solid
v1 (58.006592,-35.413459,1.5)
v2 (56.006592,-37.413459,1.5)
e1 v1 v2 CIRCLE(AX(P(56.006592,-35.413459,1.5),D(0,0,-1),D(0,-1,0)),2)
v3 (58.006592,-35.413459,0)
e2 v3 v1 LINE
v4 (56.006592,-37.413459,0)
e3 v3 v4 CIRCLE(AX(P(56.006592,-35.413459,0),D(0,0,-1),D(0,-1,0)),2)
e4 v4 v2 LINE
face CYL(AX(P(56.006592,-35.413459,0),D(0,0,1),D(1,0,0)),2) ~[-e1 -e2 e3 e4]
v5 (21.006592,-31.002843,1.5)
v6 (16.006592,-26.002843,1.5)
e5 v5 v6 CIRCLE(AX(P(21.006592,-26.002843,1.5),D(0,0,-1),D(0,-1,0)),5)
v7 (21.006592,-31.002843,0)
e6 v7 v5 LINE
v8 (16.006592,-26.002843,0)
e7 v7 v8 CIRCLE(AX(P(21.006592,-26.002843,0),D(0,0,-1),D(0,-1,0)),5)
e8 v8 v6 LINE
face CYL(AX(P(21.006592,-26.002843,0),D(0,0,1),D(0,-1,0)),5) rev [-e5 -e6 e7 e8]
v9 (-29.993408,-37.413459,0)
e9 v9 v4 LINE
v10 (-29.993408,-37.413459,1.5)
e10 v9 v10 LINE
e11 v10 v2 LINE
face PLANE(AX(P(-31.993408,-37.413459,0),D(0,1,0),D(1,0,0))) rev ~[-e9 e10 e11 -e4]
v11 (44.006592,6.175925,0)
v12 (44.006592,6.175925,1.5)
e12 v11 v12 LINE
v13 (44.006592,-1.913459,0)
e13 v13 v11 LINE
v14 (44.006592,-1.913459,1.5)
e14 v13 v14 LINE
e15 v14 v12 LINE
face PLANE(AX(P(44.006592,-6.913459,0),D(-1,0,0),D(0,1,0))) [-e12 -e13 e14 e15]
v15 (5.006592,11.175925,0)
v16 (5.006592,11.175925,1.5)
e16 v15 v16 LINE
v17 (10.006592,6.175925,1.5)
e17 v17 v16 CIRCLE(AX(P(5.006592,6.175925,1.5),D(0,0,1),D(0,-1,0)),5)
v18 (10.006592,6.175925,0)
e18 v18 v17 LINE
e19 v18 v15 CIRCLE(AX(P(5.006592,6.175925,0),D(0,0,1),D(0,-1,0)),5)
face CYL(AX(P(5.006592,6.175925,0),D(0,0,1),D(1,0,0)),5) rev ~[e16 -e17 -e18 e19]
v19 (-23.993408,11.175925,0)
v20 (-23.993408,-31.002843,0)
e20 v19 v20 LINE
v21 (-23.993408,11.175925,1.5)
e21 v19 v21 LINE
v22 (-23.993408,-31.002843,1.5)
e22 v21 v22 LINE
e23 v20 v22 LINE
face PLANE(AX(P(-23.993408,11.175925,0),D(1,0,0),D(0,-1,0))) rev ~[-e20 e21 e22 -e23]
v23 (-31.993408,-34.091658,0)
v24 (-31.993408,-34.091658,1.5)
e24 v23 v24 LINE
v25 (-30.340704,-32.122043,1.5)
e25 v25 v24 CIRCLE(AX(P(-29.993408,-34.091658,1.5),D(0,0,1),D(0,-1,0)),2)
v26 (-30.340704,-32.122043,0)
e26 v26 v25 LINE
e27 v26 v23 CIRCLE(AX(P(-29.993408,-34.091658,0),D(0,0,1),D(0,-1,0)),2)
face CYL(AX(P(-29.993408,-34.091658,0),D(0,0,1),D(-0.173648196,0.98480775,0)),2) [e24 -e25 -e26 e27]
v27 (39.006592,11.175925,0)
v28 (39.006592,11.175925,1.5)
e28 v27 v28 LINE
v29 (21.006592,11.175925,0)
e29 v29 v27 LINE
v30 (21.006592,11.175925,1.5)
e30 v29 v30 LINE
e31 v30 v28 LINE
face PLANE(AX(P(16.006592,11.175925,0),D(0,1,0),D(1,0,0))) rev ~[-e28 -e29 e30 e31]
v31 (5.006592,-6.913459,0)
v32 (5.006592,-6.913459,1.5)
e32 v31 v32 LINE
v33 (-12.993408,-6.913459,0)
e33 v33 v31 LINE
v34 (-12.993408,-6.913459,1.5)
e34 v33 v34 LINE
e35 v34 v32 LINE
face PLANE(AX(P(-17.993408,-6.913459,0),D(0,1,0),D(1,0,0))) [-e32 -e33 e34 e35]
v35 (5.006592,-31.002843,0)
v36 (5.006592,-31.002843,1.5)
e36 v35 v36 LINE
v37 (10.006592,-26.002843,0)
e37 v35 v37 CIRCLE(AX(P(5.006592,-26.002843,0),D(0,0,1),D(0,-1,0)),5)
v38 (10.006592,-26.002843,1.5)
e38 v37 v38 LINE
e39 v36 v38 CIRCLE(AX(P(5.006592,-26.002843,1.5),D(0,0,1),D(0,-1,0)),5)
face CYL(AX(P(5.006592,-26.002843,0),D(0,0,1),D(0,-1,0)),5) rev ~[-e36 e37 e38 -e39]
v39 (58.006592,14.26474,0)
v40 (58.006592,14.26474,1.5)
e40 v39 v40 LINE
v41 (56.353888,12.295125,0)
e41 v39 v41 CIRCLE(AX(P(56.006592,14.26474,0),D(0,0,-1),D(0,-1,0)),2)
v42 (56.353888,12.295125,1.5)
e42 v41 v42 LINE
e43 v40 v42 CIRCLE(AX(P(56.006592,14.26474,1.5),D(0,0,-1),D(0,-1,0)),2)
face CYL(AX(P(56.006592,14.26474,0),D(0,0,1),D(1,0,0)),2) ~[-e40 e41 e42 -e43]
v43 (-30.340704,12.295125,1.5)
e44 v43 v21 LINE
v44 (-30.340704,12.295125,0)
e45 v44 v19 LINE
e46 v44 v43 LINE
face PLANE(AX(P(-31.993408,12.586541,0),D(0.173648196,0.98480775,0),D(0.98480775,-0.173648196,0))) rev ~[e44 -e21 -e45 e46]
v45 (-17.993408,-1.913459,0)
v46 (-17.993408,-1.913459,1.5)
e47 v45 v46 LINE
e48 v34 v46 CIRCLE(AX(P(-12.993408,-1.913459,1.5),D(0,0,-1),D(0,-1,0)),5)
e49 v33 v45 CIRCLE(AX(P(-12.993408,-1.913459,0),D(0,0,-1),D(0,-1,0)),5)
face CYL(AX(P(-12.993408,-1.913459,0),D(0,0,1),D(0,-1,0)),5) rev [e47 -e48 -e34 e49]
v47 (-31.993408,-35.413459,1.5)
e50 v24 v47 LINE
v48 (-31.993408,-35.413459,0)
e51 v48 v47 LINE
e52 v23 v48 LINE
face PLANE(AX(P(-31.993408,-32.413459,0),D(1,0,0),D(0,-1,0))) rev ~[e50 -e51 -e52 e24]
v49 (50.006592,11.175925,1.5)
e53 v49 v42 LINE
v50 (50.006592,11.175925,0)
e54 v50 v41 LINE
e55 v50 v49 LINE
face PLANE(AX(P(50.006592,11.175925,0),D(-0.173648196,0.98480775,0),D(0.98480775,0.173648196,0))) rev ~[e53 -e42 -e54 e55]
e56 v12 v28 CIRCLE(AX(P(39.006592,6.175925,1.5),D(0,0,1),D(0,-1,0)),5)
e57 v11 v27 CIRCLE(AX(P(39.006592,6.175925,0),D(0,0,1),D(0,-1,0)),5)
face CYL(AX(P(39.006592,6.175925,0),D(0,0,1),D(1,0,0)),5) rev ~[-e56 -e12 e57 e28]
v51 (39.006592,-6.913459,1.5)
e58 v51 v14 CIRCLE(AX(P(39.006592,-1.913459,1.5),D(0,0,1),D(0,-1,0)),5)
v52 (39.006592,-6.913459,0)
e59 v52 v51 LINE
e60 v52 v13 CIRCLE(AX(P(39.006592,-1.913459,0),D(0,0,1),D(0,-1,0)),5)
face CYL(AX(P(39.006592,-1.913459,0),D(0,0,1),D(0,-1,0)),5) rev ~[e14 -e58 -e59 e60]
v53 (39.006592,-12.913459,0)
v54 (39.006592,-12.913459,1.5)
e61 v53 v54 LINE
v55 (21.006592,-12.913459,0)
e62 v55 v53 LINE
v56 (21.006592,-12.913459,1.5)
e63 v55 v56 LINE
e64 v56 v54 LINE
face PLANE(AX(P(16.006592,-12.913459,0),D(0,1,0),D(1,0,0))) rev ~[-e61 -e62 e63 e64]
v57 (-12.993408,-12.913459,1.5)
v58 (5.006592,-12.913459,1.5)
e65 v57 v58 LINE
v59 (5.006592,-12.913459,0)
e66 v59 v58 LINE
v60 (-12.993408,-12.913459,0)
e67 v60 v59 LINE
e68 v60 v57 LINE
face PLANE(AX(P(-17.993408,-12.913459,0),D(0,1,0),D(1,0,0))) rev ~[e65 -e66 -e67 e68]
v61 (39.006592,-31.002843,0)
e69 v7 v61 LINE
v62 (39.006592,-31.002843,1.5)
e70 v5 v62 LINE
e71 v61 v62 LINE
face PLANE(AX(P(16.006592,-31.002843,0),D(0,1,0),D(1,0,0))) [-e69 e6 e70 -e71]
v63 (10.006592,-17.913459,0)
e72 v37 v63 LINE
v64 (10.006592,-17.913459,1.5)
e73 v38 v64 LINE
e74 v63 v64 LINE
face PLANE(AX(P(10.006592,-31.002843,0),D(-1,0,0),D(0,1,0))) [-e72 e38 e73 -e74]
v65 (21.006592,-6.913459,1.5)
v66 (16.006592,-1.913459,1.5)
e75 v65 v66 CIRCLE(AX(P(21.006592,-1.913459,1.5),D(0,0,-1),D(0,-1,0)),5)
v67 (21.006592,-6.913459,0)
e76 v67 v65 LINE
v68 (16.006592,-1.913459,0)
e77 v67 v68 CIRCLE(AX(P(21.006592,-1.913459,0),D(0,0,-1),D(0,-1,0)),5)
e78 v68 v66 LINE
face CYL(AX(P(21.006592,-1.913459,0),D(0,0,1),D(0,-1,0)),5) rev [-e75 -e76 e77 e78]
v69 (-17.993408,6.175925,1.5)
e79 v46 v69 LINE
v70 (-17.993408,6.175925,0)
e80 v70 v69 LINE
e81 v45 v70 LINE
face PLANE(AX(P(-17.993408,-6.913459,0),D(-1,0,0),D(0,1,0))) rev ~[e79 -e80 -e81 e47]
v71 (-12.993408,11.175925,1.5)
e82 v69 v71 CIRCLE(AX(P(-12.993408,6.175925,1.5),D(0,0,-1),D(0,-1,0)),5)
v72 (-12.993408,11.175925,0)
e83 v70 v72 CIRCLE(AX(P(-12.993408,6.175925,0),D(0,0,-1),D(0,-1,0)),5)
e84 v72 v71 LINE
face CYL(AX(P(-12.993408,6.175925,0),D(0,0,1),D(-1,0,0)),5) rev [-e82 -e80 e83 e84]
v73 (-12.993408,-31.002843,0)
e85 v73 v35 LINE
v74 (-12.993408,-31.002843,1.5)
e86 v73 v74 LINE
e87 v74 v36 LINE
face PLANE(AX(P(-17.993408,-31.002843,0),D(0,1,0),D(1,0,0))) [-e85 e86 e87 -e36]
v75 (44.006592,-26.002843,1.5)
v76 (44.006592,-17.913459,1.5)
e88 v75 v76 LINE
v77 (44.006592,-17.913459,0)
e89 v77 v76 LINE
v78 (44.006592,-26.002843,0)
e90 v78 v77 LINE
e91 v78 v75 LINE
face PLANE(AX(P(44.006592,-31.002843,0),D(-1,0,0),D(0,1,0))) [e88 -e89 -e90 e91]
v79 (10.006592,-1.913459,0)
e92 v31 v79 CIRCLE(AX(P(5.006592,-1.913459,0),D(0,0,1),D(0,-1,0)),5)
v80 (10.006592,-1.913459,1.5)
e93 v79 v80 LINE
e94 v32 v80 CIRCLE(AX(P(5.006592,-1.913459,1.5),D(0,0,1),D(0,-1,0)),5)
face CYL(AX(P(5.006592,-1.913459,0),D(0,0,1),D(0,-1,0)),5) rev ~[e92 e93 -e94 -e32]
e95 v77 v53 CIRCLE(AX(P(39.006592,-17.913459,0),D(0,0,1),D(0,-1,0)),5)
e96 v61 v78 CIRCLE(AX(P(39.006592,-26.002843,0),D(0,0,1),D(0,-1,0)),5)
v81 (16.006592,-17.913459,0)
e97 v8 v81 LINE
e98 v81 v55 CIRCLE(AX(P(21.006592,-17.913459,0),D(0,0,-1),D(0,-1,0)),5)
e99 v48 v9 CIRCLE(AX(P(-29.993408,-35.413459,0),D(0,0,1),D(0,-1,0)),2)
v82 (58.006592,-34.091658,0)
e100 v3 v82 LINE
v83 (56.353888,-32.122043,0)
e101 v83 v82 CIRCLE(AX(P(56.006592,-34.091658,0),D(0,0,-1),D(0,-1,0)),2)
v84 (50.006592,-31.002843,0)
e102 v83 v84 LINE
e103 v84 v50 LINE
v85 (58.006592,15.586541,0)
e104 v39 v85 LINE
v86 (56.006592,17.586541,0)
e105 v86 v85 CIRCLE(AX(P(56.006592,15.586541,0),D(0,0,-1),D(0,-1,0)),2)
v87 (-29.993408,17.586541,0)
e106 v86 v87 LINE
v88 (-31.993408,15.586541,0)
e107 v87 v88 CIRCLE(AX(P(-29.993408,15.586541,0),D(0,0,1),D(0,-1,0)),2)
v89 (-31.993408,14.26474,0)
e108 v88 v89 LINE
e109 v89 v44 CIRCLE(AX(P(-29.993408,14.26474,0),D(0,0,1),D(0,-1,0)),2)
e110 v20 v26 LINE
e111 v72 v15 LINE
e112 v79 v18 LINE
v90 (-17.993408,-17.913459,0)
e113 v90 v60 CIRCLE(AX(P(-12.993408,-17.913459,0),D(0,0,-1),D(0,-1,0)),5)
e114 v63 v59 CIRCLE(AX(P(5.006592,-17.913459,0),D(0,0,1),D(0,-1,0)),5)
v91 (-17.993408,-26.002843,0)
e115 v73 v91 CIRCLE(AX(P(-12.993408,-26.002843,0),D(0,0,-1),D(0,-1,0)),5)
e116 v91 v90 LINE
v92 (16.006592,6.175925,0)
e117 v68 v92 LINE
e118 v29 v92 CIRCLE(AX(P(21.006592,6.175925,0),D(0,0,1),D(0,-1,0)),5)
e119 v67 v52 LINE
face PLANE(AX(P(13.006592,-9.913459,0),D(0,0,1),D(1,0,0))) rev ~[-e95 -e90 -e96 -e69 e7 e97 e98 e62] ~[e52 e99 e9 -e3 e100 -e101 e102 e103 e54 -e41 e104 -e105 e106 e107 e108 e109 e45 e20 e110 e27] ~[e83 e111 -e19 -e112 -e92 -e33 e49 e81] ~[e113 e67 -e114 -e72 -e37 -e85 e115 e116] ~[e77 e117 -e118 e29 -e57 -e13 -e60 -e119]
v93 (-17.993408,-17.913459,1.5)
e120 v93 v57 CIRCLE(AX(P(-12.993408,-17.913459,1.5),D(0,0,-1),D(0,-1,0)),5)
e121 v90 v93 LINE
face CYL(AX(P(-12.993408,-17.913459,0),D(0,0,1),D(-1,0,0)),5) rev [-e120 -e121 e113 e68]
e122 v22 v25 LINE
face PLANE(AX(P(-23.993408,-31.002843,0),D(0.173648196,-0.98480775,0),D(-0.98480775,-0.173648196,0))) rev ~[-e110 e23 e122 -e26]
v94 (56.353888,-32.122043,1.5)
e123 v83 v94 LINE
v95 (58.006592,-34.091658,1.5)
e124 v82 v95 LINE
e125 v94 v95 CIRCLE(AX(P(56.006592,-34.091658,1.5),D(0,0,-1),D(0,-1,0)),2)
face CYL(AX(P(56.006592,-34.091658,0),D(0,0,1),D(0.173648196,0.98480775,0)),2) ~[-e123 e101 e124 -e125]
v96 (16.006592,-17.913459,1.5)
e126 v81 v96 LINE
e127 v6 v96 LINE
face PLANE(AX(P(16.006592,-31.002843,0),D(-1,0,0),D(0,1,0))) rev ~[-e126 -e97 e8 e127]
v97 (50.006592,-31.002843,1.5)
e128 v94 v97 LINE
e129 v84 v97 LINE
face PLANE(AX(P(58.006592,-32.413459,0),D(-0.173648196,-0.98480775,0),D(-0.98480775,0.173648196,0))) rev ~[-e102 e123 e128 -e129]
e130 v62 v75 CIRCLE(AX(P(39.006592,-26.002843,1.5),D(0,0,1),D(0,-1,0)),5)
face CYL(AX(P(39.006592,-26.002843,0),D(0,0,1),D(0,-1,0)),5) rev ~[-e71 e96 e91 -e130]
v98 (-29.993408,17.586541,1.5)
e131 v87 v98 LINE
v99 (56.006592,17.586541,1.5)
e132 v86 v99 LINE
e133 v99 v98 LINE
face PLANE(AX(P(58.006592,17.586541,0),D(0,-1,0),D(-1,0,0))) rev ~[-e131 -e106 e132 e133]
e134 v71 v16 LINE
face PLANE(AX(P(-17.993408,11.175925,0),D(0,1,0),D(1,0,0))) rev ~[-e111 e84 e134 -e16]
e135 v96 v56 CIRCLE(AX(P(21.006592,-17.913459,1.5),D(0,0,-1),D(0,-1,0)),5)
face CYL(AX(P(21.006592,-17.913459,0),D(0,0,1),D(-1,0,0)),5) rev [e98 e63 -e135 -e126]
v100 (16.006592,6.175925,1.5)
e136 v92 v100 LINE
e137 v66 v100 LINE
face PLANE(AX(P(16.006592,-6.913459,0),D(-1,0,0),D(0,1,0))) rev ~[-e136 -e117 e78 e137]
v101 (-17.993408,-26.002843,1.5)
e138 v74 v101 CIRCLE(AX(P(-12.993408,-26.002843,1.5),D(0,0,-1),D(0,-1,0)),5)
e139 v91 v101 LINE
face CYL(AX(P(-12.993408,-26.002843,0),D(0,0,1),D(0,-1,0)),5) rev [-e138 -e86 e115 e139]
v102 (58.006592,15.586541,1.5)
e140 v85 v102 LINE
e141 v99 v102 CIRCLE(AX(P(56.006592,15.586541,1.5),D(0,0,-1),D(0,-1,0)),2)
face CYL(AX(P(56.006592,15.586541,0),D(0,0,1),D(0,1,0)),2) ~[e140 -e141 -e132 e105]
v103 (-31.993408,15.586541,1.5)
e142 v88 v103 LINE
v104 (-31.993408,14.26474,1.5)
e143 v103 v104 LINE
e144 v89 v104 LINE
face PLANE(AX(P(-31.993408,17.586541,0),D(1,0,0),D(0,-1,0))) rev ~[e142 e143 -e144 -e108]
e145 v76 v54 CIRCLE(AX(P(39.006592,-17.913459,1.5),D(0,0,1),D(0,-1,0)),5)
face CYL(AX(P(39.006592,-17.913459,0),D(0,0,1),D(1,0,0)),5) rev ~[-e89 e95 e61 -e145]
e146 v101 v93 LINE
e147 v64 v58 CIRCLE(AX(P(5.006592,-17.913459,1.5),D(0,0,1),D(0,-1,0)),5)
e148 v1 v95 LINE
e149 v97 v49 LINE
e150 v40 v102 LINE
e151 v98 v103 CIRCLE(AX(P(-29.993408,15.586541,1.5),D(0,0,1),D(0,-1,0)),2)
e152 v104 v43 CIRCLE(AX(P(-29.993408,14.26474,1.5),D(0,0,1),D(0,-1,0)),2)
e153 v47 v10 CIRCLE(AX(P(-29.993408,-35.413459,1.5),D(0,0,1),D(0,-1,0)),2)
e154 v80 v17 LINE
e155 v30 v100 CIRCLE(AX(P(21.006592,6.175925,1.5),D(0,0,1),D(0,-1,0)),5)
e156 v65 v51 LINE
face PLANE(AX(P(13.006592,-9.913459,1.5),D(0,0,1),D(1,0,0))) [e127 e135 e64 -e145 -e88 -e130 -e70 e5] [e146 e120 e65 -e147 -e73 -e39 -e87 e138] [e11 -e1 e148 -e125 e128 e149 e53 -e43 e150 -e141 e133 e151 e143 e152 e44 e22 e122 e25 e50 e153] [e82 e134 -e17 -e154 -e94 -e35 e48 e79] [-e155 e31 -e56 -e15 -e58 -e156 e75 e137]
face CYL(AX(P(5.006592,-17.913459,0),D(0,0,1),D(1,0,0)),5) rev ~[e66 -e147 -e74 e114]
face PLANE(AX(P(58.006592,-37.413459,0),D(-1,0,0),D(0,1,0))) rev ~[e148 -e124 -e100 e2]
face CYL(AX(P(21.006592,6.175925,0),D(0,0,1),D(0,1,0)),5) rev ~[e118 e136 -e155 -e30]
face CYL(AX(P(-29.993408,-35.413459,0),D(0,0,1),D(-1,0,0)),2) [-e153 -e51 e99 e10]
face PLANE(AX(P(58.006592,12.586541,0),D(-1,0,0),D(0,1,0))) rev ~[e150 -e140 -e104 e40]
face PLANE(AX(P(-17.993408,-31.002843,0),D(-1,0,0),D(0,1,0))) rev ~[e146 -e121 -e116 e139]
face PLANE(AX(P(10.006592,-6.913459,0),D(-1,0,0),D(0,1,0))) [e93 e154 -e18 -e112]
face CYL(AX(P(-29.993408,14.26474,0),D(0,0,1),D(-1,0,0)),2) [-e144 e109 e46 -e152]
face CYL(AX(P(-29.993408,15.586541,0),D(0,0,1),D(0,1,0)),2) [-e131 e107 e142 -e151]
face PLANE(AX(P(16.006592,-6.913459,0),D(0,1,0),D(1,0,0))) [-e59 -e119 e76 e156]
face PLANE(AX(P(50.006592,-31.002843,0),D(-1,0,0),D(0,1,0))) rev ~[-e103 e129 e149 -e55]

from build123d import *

# Parameters (mm, degrees)
F0_W     = 28
F0_H     = 18.089384
F1_DEPTH = 1.5
F2_R     = 5
F3_R     = 2


with BuildPart() as f1:
    # F0 (on Top) → F1 (new body)
    with BuildSketch(Plane.XY):
        Polygon((58.006592, 17.586541), (-31.993408, 17.586541), (-31.993408, 12.586541), (-23.993408, 11.175925), (-23.993408, -9.913459), (-23.993408, -31.002843), (-31.993408, -32.413459), (-31.993408, -37.413459), (58.006592, -37.413459), (58.006592, -32.413459), (50.006592, -31.002843), (50.006592, -9.913459), (50.006592, 11.175925), (58.006592, 12.586541), align=None)
        with Locations((-3.993408, -21.958151)):
            Rectangle(F0_W, F0_H, mode=Mode.SUBTRACT)
        with Locations((30.006592, -21.958151)):
            Rectangle(F0_W, F0_H, mode=Mode.SUBTRACT)
        with Locations((-3.993408, 2.131233)):
            Rectangle(F0_W, F0_H, mode=Mode.SUBTRACT)
        with Locations((30.006592, 2.131233)):
            Rectangle(F0_W, F0_H, mode=Mode.SUBTRACT)
    extrude(amount=F1_DEPTH)

    # F2
    f2_edges = [f1.edges().sort_by_distance(p)[0] for p in [
        (44.006592, 11.175925, 0.75),
        (10.006592, 11.175925, 0.75),
        (44.006592, -12.913459, 0.75),
        (10.006592, -12.913459, 0.75),
        (16.006592, 11.175925, 0.75),
        (-17.993408, 11.175925, 0.75),
        (-17.993408, -12.913459, 0.75),
        (16.006592, -12.913459, 0.75),
        (16.006592, -6.913459, 0.75),
        (-17.993408, -6.913459, 0.75),
        (-17.993408, -31.002843, 0.75),
        (16.006592, -31.002843, 0.75),
        (44.006592, -6.913459, 0.75),
        (10.006592, -6.913459, 0.75),
        (44.006592, -31.002843, 0.75),
        (10.006592, -31.002843, 0.75),
    ]]
    fillet(f2_edges, radius=F2_R)

    # F3
    f3_edges = [f1.edges().sort_by_distance(p)[0] for p in [
        (-31.993408, 12.586541, 0.75),
        (-31.993408, -32.413459, 0.75),
        (58.006592, 12.586541, 0.75),
        (58.006592, -32.413459, 0.75),
        (58.006592, 17.586541, 0.75),
        (58.006592, -37.413459, 0.75),
        (-31.993408, -37.413459, 0.75),
        (-31.993408, 17.586541, 0.75),
    ]]
    fillet(f3_edges, radius=F3_R)


solid = f1.part
